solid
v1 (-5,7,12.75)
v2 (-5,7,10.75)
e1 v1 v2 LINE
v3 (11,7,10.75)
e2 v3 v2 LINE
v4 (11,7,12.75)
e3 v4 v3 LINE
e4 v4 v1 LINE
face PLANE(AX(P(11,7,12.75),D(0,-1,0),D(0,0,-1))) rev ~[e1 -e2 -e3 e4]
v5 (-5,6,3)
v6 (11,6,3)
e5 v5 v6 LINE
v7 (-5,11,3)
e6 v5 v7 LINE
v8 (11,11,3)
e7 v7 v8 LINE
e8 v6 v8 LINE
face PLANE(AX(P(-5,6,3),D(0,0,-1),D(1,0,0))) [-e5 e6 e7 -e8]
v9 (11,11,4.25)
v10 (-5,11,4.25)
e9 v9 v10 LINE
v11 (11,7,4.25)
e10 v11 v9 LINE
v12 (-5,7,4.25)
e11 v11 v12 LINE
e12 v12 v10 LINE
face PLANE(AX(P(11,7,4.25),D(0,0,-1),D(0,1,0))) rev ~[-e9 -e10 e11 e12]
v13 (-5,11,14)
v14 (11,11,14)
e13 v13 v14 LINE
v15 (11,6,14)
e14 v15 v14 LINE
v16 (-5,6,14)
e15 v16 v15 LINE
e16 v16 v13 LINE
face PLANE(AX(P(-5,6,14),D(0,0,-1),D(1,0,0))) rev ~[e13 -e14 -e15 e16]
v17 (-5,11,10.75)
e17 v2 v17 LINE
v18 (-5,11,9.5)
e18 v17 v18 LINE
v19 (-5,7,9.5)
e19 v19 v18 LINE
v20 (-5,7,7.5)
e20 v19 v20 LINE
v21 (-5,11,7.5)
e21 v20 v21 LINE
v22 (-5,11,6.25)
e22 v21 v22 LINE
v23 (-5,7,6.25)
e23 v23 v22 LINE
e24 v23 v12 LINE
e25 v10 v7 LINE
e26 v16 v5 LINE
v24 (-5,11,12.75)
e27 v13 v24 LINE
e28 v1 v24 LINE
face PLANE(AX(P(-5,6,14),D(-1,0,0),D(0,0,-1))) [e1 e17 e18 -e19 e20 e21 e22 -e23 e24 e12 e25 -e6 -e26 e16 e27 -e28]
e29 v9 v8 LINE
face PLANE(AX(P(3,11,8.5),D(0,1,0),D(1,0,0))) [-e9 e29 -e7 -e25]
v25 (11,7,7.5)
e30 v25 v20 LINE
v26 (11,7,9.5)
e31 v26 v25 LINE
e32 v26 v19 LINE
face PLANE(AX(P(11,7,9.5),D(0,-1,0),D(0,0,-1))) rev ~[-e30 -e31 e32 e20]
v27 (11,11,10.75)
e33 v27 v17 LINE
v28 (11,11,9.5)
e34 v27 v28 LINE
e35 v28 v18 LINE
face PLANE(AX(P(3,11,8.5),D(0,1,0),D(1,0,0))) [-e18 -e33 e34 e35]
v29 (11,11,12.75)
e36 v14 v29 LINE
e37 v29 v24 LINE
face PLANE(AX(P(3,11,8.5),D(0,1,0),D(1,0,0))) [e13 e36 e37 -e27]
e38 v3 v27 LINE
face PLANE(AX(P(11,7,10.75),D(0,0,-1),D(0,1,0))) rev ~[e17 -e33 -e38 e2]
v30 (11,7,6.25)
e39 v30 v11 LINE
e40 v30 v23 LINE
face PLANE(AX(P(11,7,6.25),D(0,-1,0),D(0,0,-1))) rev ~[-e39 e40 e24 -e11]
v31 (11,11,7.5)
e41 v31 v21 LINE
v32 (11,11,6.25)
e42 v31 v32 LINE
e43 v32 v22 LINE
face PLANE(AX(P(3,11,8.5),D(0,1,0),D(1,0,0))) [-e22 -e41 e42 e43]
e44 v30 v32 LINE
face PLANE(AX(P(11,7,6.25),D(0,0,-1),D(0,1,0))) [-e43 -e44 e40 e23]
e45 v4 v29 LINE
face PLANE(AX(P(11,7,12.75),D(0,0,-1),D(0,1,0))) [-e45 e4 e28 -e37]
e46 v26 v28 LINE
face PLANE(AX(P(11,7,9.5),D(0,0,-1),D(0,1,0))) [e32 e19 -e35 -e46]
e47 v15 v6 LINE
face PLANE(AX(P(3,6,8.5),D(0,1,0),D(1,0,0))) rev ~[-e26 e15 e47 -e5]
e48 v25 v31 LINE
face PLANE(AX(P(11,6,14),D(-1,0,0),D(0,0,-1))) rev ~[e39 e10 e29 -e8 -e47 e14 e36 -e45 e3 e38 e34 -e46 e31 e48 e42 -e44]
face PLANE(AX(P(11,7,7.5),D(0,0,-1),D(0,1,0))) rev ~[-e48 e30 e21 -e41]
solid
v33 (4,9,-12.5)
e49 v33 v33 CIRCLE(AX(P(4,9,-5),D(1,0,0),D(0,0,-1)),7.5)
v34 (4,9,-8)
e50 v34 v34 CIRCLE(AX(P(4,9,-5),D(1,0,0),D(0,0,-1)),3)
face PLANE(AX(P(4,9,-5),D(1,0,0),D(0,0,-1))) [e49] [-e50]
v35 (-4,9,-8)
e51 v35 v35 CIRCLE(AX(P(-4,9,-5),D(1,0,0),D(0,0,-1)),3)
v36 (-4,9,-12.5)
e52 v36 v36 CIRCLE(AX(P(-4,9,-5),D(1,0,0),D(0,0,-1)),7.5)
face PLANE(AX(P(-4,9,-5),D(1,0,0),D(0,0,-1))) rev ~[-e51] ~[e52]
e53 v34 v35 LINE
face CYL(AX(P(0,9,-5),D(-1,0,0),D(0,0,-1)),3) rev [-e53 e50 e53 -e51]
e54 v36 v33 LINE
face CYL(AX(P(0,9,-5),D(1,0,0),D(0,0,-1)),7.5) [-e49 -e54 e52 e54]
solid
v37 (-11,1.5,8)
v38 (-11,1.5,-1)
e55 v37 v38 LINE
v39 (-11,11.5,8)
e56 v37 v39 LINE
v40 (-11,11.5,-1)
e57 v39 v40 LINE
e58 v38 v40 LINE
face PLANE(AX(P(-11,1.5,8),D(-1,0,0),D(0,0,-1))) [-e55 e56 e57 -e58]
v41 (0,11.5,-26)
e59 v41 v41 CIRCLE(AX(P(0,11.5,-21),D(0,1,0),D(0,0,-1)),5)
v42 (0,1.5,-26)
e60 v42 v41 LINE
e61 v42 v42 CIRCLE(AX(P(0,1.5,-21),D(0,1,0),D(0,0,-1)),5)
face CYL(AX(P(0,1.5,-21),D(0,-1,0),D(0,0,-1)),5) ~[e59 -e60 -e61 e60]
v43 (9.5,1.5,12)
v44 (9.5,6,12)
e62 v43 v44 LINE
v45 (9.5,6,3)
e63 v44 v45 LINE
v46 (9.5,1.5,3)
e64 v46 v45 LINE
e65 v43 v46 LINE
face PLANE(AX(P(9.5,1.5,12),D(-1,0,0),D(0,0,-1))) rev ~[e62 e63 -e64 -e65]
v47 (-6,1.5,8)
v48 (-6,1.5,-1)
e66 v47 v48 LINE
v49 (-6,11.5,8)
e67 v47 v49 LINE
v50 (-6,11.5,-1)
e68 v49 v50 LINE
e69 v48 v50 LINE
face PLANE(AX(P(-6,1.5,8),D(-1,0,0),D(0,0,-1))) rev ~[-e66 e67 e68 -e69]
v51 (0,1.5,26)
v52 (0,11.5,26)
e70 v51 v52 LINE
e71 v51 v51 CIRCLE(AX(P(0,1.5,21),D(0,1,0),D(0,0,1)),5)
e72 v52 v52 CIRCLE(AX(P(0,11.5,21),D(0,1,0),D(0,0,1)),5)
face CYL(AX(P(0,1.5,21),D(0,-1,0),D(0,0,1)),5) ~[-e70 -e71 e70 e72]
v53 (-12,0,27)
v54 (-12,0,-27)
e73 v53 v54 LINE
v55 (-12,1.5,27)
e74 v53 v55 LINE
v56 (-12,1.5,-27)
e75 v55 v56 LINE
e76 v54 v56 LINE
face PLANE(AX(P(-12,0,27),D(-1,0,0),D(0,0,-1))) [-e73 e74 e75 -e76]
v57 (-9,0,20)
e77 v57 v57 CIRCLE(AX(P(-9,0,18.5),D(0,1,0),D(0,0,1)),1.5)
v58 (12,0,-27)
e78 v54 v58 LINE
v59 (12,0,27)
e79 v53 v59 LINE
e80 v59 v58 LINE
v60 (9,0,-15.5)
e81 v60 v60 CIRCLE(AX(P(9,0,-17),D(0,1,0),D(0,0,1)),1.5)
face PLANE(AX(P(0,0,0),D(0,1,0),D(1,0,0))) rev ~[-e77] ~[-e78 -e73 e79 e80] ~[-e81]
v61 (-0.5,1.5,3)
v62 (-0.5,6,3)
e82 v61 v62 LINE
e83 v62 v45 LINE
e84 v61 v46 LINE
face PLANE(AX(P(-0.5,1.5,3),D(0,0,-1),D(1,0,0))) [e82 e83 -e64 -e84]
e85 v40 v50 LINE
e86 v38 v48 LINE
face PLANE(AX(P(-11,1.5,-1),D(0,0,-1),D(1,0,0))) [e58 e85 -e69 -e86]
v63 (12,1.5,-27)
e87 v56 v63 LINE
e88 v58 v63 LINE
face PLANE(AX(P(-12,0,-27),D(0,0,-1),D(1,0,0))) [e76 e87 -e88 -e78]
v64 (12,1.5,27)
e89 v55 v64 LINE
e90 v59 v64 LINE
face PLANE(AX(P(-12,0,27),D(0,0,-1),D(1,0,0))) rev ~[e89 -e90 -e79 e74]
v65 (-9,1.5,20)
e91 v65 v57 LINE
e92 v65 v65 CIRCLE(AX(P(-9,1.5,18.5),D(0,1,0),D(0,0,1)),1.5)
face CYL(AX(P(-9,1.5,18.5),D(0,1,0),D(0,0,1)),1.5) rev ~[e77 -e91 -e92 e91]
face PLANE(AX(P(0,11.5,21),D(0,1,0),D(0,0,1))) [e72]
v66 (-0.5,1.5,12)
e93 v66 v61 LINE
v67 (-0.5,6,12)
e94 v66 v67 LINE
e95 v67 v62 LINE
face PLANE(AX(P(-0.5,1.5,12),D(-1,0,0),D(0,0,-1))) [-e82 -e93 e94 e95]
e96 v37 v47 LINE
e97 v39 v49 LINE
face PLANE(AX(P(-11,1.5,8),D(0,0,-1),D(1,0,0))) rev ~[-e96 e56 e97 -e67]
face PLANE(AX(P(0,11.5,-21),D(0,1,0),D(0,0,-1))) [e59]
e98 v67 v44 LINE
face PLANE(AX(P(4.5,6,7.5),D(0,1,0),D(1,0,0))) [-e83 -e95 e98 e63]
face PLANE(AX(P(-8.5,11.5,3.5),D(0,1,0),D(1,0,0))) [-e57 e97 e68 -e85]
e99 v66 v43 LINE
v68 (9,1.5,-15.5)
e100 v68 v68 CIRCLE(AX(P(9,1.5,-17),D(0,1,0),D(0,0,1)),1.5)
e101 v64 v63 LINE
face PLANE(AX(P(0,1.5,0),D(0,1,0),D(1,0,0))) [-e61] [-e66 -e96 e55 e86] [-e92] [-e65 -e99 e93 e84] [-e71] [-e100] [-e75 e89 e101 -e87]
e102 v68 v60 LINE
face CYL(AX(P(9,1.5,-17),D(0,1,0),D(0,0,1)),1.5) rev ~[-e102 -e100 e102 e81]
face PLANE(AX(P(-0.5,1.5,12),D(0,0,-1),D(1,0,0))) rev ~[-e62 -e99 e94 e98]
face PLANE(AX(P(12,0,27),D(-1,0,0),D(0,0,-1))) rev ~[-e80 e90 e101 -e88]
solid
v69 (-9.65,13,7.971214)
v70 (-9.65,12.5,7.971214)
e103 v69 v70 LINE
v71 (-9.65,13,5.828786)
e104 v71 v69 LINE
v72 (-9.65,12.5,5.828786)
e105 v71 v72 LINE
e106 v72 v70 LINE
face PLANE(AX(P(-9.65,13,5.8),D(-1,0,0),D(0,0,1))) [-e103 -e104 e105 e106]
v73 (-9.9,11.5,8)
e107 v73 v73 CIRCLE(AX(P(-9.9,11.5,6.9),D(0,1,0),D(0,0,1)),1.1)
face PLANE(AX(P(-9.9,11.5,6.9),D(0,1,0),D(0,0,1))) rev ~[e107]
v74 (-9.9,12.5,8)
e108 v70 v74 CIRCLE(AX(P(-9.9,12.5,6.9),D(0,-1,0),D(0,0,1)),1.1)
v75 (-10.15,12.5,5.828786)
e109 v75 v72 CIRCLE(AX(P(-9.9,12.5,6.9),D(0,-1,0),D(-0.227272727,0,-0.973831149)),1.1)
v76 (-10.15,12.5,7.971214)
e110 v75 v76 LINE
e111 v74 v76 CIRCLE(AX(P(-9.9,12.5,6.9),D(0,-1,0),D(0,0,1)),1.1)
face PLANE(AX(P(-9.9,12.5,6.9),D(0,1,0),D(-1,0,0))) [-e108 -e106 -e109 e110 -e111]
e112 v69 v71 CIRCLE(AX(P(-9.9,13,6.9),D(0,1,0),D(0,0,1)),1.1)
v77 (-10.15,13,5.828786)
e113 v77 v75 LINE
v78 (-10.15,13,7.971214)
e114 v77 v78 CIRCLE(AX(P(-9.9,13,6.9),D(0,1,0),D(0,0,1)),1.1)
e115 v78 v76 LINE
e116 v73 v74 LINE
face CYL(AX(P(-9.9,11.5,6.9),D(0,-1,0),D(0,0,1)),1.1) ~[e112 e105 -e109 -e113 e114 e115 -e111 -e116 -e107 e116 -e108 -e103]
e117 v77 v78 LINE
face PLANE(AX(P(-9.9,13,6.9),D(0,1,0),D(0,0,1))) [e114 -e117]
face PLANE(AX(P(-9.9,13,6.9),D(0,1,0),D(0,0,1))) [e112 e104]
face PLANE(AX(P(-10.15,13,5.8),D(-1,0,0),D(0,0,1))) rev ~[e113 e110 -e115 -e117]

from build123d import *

# Parameters (mm, degrees)
SKETCH1_W           = 24
SKETCH1_H           = 54
BOSS_EXTRUDE1_DEPTH = 1.5
SKETCH2_R           = 1.5
CUT_EXTRUDE1_DEPTH  = 30.584624385
SKETCH3_R           = 5
BOSS_EXTRUDE2_DEPTH = 10
SKETCH4_W           = 5
SKETCH4_H           = 9
BOSS_EXTRUDE3_DEPTH = 10
SKETCH5_R           = 1.1
BOSS_EXTRUDE4_DEPTH = 1.5
SKETCH6_W           = 0.5
SKETCH6_H           = 2.2
CUT_EXTRUDE2_DEPTH  = 0.5
SKETCH7_R           = 7.5
SKETCH7_R_2         = 3
BOSS_EXTRUDE5_DEPTH = 4
SKETCH8_W           = 10
SKETCH8_H           = 9
BOSS_EXTRUDE6_DEPTH = 4.5
SKETCH9_W           = 16
SKETCH9_H           = 11
BOSS_EXTRUDE7_DEPTH = 5
SKETCH10_W          = 2
SKETCH10_H          = 4
CUT_EXTRUDE3_DEPTH  = 16


with BuildPart() as part:
    # Sketch1 → Boss-Extrude1 (new body)
    with BuildSketch(Plane(origin=(0, 0, 0), x_dir=(1, 0, 0), z_dir=(0, 1, 0))):
        Rectangle(SKETCH1_W, SKETCH1_H)
    extrude(amount=BOSS_EXTRUDE1_DEPTH)

    # Sketch2 → Cut-Extrude1 (cut, through all)
    with BuildSketch(Plane(origin=(0, 1.5, 0), x_dir=(1, 0, 0), z_dir=(0, 1, 0))):
        with Locations(Location((9, 17, 0), (0, 0, 270))):
            Circle(SKETCH2_R)
        with Locations(Location((-9, -18.5, 0), (0, 0, 270))):
            Circle(SKETCH2_R)
    extrude(amount=-CUT_EXTRUDE1_DEPTH, mode=Mode.SUBTRACT)

    # Sketch3 → Boss-Extrude2 (add)
    with BuildSketch(Plane(origin=(0, 1.5, 0), x_dir=(1, 0, 0), z_dir=(0, 1, 0))):
        with Locations(Location((0, -21, 0), (0, 0, 270))):
            Circle(SKETCH3_R)
        with Locations(Location((0, 21, 0), (0, 0, 90))):
            Circle(SKETCH3_R)
    extrude(amount=BOSS_EXTRUDE2_DEPTH)

    # Sketch4 → Boss-Extrude3 (add)
    with BuildSketch(Plane(origin=(0, 1.5, 0), x_dir=(1, 0, 0), z_dir=(0, 1, 0))):
        with Locations((-8.5, -3.5)):
            Rectangle(SKETCH4_W, SKETCH4_H)
    extrude(amount=BOSS_EXTRUDE3_DEPTH)

    # Sketch8 → Boss-Extrude6 (add)
    with BuildSketch(Plane(origin=(0, 1.5, 0), x_dir=(1, 0, 0), z_dir=(0, 1, 0))):
        with Locations((4.5, -7.5)):
            Rectangle(SKETCH8_W, SKETCH8_H)
    extrude(amount=BOSS_EXTRUDE6_DEPTH)


with BuildPart() as body_2:
    # Sketch5 → Boss-Extrude4 (new body)
    with BuildSketch(Plane(origin=(0, 11.5, 0), x_dir=(-1, 0, 0), z_dir=(0, 1, 0))):
        with Locations(Location((9.9, 6.9, 0), (0, 0, 90))):
            Circle(SKETCH5_R)
    extrude(amount=BOSS_EXTRUDE4_DEPTH)

    # Sketch6 → Cut-Extrude2 (cut)
    with BuildSketch(Plane(origin=(0, 13, 0), x_dir=(-1, 0, 0), z_dir=(0, 1, 0))):
        with Locations((9.9, 6.9)):
            Rectangle(SKETCH6_W, SKETCH6_H)
    extrude(amount=-CUT_EXTRUDE2_DEPTH, mode=Mode.SUBTRACT)


with BuildPart() as body_3:
    # Sketch7 → Boss-Extrude5 (new, symmetric)
    with BuildSketch(Plane(origin=(0, 0, 0), x_dir=(0, 0, -1), z_dir=(1, 0, 0))):
        with Locations((5, 9)):
            Circle(SKETCH7_R)
        with Locations((5, 9)):
            Circle(SKETCH7_R_2, mode=Mode.SUBTRACT)
    extrude(amount=BOSS_EXTRUDE5_DEPTH, both=True)


with BuildPart() as body_4:
    # Sketch9 → Boss-Extrude7 (new body)
    with BuildSketch(Plane(origin=(0, 6, 0), x_dir=(1, 0, 0), z_dir=(0, 1, 0))):
        with Locations((3, -8.5)):
            Rectangle(SKETCH9_W, SKETCH9_H)
    extrude(amount=BOSS_EXTRUDE7_DEPTH)

    # Sketch10 → Cut-Extrude3 (cut)
    with BuildSketch(Plane(origin=(11, 0, 0), x_dir=(0, 0, -1), z_dir=(1, 0, 0))):
        with Locations((-11.75, 9)):
            Rectangle(SKETCH10_W, SKETCH10_H)
        with Locations((-8.5, 9)):
            Rectangle(SKETCH10_W, SKETCH10_H)
        with Locations((-5.25, 9)):
            Rectangle(SKETCH10_W, SKETCH10_H)
    extrude(amount=-CUT_EXTRUDE3_DEPTH, mode=Mode.SUBTRACT)


solid = Compound([part.part, body_2.part, body_3.part, body_4.part])
